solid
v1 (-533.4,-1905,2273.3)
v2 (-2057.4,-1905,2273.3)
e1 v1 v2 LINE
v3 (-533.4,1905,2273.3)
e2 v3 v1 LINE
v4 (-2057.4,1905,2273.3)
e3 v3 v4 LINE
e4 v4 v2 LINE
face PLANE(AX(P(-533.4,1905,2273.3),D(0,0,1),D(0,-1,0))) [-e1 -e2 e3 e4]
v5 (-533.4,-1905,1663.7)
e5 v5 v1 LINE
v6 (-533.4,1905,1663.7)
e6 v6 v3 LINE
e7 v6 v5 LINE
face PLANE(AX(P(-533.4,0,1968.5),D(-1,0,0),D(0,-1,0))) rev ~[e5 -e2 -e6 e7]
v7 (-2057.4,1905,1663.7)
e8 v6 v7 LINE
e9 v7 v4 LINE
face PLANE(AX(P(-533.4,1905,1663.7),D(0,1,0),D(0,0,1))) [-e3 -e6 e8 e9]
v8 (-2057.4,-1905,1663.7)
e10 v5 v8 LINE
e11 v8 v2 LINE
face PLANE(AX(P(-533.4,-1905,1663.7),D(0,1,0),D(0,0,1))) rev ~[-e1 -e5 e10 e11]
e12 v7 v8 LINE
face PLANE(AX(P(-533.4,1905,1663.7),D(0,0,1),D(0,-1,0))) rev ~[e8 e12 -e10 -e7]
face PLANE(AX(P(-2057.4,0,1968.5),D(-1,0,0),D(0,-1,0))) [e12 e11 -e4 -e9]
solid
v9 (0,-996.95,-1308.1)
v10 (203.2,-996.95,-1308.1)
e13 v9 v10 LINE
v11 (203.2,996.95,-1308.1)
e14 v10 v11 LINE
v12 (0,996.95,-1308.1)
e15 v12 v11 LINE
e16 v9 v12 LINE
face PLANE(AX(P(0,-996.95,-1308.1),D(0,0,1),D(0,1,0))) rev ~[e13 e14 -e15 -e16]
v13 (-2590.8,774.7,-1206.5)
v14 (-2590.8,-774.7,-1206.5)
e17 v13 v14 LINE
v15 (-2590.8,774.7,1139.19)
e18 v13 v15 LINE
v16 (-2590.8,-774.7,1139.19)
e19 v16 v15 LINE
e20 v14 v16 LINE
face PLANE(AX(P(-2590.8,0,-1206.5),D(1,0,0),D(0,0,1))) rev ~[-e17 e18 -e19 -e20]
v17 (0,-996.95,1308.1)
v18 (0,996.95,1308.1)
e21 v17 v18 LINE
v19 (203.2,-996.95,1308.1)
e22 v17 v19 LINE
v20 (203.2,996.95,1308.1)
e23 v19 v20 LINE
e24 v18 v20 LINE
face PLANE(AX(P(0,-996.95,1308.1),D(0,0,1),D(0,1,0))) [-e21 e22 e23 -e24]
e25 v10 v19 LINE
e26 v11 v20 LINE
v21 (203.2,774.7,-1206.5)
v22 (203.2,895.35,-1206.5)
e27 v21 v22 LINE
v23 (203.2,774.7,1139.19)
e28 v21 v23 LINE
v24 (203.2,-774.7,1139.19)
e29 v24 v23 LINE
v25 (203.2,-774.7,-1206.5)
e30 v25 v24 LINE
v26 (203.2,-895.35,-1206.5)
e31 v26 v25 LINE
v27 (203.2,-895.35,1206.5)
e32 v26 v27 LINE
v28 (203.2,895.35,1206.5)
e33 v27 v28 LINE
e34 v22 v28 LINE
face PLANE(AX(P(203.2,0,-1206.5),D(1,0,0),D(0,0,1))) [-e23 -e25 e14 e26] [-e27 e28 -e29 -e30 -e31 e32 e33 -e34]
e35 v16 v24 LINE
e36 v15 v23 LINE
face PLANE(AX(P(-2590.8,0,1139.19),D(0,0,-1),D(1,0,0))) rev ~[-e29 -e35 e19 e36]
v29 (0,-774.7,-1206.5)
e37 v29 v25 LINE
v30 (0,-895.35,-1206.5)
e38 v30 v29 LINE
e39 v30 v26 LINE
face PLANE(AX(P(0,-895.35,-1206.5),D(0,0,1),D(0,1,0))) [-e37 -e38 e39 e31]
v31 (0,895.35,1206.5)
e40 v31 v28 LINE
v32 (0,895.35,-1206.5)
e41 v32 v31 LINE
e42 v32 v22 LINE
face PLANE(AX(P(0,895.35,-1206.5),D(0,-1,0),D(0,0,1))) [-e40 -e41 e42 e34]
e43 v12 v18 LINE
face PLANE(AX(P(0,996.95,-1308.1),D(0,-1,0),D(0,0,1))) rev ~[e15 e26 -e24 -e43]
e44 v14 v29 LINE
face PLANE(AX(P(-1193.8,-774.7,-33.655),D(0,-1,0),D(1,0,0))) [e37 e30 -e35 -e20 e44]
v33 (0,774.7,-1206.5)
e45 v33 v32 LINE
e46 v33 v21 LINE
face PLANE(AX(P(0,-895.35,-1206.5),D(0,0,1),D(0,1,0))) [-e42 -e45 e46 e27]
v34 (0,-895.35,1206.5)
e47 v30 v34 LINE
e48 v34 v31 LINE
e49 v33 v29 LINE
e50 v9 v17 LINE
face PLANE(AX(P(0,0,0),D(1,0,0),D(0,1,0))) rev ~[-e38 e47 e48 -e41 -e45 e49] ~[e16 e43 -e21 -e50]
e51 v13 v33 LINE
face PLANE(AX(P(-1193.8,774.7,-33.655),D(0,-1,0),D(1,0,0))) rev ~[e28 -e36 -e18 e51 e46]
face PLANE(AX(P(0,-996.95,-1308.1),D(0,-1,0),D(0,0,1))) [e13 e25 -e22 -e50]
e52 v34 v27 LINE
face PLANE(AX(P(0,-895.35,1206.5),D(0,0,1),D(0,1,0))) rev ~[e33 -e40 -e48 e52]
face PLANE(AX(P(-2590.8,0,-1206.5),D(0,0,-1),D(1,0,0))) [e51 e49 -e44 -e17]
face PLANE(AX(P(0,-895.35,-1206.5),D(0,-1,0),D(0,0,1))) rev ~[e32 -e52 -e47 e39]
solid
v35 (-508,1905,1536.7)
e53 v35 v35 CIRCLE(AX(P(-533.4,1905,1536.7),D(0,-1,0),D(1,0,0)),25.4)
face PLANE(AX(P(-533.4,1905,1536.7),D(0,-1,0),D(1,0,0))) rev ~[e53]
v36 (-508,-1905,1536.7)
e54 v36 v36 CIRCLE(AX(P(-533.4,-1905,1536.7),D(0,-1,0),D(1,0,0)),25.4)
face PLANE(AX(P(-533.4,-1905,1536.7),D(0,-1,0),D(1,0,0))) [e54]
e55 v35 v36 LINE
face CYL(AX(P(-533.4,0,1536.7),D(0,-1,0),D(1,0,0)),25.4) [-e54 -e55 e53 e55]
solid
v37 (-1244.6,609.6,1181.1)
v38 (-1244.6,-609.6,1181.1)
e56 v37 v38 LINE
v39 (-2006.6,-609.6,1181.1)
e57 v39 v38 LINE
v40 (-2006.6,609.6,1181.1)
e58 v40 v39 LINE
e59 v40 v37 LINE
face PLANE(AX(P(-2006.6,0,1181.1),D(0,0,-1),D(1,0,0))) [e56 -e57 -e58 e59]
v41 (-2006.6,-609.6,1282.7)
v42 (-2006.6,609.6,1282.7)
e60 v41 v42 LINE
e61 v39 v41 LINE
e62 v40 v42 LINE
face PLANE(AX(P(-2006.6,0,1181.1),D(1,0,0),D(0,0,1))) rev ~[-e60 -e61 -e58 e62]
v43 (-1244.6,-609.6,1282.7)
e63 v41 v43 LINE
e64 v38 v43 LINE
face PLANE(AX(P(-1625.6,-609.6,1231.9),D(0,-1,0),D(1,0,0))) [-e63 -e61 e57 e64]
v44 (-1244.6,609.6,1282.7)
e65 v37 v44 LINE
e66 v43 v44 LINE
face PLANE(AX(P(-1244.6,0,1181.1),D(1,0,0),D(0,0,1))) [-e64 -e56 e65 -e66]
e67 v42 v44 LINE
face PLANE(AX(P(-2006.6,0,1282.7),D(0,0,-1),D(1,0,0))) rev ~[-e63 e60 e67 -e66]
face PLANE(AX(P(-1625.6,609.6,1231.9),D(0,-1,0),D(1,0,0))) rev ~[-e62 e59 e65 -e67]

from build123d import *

# Parameters (mm, degrees)
F0_W           = 1993.9
F0_H           = 2616.2
F0_W_2         = 1790.7
F0_H_2         = 2413
F1_DEPTH       = 203.2
F3_W           = 3810
F3_H           = 609.6
F4_DEPTH       = 1524
F5_R           = 25.4
F6_DEPTH       = 1905
F6_DEPTH_BACK  = 1905
F7_W           = 762
F7_H           = 101.6
F8_DEPTH       = 609.6
F8_DEPTH_BACK  = 609.6
F9_W           = 2794
F9_H           = 2345.69
F10_DEPTH      = 774.7
F10_DEPTH_BACK = 774.7


with BuildPart() as f1:
    # F0 (on Right) → F1 (new body)
    with BuildSketch(Plane.YZ):
        Rectangle(F0_W, F0_H)
        Rectangle(F0_W_2, F0_H_2, mode=Mode.SUBTRACT)
    extrude(amount=F1_DEPTH)

    # F9 (on Front) → F10 (join, two sides)
    with BuildSketch(Plane.XZ) as f10_sk:
        with Locations((-1193.8, -33.655)):
            Rectangle(F9_W, F9_H)
    extrude(amount=F10_DEPTH)
    extrude(f10_sk.sketch, amount=-F10_DEPTH_BACK)


with BuildPart() as f4:
    # F3 (on offset) → F4 (new body)
    with BuildSketch(Plane(origin=(-533.4, 0, 0), x_dir=(0, -1, 0), z_dir=(-1, 0, 0))):
        with Locations((0, 1968.5)):
            Rectangle(F3_W, F3_H)
    extrude(amount=F4_DEPTH)


with BuildPart() as f6:
    # F5 (on Front) → F6 (new body, two sides)
    with BuildSketch(Plane.XZ) as f6_sk:
        with Locations((-533.4, 1536.7)):
            Circle(F5_R)
    extrude(amount=F6_DEPTH)
    extrude(f6_sk.sketch, amount=-F6_DEPTH_BACK)


with BuildPart() as f8:
    # F7 (on Front) → F8 (new body, two sides)
    with BuildSketch(Plane.XZ) as f8_sk:
        with Locations((-1625.6, 1231.9)):
            Rectangle(F7_W, F7_H)
    extrude(amount=F8_DEPTH)
    extrude(f8_sk.sketch, amount=-F8_DEPTH_BACK)


solid = Compound([f1.part, f4.part, f6.part, f8.part])
